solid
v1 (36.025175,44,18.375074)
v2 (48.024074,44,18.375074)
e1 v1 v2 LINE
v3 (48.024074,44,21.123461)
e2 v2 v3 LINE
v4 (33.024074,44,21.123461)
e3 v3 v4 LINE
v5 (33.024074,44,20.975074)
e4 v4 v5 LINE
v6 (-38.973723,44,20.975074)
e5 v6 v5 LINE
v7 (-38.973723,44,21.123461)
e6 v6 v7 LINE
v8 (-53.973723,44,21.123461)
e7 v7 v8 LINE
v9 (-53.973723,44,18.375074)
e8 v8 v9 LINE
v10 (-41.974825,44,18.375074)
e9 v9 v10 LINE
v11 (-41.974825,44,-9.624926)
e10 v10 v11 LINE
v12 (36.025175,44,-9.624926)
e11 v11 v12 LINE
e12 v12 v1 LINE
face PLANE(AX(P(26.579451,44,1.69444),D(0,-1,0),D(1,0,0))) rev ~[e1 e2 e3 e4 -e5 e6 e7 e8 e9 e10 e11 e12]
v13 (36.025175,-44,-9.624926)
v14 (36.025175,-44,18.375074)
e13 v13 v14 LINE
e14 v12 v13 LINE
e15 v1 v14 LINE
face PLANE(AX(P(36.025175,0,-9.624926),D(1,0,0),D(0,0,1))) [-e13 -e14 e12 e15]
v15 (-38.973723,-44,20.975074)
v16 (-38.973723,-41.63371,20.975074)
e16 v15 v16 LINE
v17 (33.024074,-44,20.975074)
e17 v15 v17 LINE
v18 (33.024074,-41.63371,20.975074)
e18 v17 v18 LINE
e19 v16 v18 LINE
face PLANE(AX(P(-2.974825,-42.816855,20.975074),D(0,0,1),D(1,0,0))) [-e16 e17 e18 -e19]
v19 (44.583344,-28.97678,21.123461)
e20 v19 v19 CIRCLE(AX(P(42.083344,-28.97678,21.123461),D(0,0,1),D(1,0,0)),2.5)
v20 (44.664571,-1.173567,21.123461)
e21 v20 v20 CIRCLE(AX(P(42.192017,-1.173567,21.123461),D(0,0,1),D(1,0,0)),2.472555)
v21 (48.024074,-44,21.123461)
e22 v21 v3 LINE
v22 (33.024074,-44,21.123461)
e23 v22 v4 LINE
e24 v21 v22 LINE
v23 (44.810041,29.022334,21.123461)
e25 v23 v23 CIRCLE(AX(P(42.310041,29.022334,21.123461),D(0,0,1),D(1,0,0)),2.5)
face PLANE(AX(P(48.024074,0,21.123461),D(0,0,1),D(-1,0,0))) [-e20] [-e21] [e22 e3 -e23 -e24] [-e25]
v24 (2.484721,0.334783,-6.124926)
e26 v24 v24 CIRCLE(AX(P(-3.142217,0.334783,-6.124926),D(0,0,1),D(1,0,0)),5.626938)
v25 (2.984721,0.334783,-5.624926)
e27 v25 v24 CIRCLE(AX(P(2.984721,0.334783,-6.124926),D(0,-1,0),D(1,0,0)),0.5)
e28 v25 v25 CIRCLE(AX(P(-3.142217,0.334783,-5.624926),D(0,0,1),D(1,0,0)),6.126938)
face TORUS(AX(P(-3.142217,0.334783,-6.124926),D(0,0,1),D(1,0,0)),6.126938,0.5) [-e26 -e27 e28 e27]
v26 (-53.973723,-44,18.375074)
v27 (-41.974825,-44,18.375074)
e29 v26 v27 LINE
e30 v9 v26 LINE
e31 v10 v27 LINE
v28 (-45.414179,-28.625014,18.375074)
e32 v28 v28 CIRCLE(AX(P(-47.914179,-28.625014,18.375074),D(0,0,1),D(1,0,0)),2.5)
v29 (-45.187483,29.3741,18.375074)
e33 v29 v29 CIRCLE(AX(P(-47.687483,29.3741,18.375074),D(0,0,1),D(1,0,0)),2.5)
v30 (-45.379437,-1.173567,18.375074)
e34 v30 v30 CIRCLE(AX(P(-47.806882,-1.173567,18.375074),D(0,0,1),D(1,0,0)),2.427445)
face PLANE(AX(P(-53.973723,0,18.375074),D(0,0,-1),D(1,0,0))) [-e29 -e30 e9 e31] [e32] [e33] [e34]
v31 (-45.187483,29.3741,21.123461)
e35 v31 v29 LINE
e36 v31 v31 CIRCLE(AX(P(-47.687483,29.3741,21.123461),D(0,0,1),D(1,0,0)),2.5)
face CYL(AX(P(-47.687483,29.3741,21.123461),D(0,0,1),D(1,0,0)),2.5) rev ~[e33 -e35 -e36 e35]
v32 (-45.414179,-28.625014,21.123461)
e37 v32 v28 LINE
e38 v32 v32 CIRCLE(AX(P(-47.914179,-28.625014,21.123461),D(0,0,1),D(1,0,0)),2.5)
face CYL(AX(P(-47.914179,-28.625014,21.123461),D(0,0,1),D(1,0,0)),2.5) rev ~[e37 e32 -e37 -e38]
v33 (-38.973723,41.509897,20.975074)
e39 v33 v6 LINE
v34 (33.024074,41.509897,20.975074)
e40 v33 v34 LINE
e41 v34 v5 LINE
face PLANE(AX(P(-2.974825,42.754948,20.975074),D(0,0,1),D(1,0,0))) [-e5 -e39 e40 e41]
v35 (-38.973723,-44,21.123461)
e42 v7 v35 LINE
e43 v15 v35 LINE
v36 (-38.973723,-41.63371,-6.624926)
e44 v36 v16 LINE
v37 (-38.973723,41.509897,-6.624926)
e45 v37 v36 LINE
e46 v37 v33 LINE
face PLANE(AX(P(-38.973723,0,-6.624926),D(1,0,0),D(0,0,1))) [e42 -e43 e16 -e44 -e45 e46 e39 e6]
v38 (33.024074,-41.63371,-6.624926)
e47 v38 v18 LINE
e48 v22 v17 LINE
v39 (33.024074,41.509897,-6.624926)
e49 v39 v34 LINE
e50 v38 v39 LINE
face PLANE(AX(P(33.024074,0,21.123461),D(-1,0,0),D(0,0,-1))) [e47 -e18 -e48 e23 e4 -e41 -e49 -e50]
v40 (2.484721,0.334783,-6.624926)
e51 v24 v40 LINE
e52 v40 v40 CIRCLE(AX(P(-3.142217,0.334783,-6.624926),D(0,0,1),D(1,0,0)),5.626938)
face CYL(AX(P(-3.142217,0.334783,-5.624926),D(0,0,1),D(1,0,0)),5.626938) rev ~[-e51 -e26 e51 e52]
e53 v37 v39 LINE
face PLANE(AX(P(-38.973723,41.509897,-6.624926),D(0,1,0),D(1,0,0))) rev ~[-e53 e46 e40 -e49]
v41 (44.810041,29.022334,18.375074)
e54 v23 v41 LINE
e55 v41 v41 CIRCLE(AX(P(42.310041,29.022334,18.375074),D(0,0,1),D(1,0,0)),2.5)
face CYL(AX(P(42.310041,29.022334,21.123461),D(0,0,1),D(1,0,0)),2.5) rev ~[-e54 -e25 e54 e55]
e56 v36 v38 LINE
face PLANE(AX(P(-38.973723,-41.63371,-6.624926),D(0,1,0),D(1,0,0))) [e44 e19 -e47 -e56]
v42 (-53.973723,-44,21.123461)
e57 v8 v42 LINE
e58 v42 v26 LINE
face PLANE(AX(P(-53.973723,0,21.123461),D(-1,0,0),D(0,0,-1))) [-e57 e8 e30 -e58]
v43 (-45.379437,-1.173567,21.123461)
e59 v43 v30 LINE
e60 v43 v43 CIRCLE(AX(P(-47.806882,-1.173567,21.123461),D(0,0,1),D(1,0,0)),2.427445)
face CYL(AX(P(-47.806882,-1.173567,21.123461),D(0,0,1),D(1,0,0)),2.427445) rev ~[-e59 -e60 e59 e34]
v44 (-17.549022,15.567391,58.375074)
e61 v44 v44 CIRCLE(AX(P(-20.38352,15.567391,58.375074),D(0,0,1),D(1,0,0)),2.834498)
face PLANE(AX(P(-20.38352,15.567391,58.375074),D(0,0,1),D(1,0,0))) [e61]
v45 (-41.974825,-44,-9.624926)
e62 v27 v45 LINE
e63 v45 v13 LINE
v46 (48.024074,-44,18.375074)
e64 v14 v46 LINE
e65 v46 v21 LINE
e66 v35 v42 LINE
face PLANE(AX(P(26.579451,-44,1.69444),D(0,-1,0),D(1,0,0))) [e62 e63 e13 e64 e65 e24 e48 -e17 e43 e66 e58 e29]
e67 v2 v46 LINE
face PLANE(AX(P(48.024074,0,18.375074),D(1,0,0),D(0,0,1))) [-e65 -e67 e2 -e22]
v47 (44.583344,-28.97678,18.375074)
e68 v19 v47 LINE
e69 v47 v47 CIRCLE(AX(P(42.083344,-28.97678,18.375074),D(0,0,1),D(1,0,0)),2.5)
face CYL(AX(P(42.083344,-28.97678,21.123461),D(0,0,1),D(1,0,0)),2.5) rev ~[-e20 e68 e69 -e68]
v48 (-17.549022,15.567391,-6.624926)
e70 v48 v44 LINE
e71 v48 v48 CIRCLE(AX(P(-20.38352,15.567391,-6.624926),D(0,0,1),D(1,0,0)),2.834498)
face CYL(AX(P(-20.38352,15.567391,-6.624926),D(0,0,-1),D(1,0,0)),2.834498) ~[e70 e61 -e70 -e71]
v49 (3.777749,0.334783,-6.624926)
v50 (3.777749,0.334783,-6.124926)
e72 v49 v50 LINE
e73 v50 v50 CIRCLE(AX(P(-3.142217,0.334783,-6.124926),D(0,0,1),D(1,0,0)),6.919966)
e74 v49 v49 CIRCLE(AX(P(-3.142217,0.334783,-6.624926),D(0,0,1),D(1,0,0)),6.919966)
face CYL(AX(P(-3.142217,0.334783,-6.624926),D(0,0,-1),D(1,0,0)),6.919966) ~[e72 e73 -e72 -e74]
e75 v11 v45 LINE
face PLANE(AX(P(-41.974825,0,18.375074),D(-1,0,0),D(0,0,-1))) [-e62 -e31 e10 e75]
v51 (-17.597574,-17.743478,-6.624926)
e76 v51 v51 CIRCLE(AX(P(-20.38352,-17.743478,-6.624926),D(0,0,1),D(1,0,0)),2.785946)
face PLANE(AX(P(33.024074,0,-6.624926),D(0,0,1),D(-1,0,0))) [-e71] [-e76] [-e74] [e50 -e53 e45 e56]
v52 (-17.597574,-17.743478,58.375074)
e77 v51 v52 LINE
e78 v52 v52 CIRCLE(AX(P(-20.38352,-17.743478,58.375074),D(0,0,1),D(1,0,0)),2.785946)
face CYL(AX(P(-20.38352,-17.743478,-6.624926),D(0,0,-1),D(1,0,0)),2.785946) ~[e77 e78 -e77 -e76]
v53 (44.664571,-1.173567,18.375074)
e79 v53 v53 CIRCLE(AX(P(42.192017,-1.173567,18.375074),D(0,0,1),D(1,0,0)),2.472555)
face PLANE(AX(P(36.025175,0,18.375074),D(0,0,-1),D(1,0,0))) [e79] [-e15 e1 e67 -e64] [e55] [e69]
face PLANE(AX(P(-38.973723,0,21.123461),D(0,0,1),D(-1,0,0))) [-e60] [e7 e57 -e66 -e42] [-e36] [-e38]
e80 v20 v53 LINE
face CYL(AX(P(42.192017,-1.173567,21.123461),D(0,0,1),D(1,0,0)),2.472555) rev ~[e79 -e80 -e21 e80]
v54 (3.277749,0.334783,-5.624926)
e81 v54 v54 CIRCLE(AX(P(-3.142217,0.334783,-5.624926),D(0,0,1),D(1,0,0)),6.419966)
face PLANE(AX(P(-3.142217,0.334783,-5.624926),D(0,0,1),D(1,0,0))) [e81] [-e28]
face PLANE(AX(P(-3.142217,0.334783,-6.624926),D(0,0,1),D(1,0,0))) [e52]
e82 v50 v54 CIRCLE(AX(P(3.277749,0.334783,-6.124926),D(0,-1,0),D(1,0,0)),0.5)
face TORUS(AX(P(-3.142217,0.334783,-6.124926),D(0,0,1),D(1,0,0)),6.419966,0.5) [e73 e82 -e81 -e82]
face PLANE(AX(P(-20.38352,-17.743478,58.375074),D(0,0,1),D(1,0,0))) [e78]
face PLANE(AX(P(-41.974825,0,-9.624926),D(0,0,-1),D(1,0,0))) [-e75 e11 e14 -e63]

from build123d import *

# Parameters (mm, degrees)
F1_DEPTH  = 44
F2_R      = 2.5
F2_R_2    = 2.4725548282
F2_R_3    = 2.4274448112
F3_DEPTH  = 2.748386896
F4_W      = 71.9977971367
F4_H      = 2.4901034832
F4_H_2    = 2.3662897348
F5_DEPTH  = 27.6
F6_R      = 6.9199657135
F7_DEPTH  = 1
F8_R      = 5.6269381347
F9_DEPTH  = 1
F10_R     = 0.5
F11_R     = 2.8344980175
F11_R_2   = 2.7859463521
F12_DEPTH = 65


with BuildPart() as f1:
    # F0 (on Front) → F1 (new body, symmetric)
    with BuildSketch(Plane.XZ):
        Polygon((33.0240737289, -6.6249261405), (-2.9748248395, -6.6249261405), (-2.9748248395, -9.6249261405), (36.0251751605, -9.6249261405), (36.0251751605, 18.3750738595), (48.0240737289, 18.3750738595), (48.0240737289, 21.1234607555), (33.0240737289, 21.1234607555), align=None)
        Polygon((-2.9748248395, -9.6249261405), (-2.9748248395, -6.6249261405), (-38.9737234078, -6.6249261405), (-38.9737234078, 21.1234607555), (-53.9737234078, 21.1234607555), (-53.9737234078, 18.3750738595), (-41.9748248395, 18.3750738595), (-41.9748248395, -9.6249261405), align=None)
    extrude(amount=F1_DEPTH, both=True)

    # F2 (on face) → F3 (cut, through all)
    with BuildSketch(Plane.XY.offset(21.1234607555)):
        with Locations((42.0833444824, -28.976779955)):
            Circle(F2_R)
        with Locations((42.3100408995, 29.0223339752)):
            Circle(F2_R)
        with Locations((-47.6874827498, 29.3740999725)):
            Circle(F2_R)
        with Locations((-47.9141791668, -28.6250139577)):
            Circle(F2_R)
        with Locations((42.192016639, -1.1735668668)):
            Circle(F2_R_2)
        with Locations((-47.8068819294, -1.1735668668)):
            Circle(F2_R_3)
    extrude(amount=-F3_DEPTH, mode=Mode.SUBTRACT)

    # F4 (on face) → F5 (join)
    with BuildSketch(Plane.XY.offset(-6.6249261405)):
        with Locations((-2.9748248395, 42.7549482584)):
            Rectangle(F4_W, F4_H)
        with Locations((-2.9748248395, -42.8168551326)):
            Rectangle(F4_W, F4_H_2)
    extrude(amount=F5_DEPTH)

    # F6 (on face) → F7 (join)
    with BuildSketch(Plane.XY.offset(-6.6249261405)):
        with Locations((-3.1422167085, 0.3347826132)):
            Circle(F6_R)
    extrude(amount=F7_DEPTH)

    # F8 (on face) → F9 (cut)
    with BuildSketch(Plane.XY.offset(-5.6249261405)):
        with Locations((-3.1422167085, 0.3347826132)):
            Circle(F8_R)
    extrude(amount=-F9_DEPTH, mode=Mode.SUBTRACT)

    # F10
    f10_edges = [f1.edges().sort_by_distance(p)[0] for p in [
        (-10.062182, 0.334783, -5.624926),
        (-8.769155, 0.334783, -5.624926),
    ]]
    fillet(f10_edges, radius=F10_R)

    # F11 (on face) → F12 (join)
    with BuildSketch(Plane.XY.offset(-6.6249261405)):
        with Locations((-20.3835200518, 15.5673911795)):
            Circle(F11_R)
        with Locations((-20.3835200518, -17.7434775978)):
            Circle(F11_R_2)
    extrude(amount=F12_DEPTH)


solid = f1.part
